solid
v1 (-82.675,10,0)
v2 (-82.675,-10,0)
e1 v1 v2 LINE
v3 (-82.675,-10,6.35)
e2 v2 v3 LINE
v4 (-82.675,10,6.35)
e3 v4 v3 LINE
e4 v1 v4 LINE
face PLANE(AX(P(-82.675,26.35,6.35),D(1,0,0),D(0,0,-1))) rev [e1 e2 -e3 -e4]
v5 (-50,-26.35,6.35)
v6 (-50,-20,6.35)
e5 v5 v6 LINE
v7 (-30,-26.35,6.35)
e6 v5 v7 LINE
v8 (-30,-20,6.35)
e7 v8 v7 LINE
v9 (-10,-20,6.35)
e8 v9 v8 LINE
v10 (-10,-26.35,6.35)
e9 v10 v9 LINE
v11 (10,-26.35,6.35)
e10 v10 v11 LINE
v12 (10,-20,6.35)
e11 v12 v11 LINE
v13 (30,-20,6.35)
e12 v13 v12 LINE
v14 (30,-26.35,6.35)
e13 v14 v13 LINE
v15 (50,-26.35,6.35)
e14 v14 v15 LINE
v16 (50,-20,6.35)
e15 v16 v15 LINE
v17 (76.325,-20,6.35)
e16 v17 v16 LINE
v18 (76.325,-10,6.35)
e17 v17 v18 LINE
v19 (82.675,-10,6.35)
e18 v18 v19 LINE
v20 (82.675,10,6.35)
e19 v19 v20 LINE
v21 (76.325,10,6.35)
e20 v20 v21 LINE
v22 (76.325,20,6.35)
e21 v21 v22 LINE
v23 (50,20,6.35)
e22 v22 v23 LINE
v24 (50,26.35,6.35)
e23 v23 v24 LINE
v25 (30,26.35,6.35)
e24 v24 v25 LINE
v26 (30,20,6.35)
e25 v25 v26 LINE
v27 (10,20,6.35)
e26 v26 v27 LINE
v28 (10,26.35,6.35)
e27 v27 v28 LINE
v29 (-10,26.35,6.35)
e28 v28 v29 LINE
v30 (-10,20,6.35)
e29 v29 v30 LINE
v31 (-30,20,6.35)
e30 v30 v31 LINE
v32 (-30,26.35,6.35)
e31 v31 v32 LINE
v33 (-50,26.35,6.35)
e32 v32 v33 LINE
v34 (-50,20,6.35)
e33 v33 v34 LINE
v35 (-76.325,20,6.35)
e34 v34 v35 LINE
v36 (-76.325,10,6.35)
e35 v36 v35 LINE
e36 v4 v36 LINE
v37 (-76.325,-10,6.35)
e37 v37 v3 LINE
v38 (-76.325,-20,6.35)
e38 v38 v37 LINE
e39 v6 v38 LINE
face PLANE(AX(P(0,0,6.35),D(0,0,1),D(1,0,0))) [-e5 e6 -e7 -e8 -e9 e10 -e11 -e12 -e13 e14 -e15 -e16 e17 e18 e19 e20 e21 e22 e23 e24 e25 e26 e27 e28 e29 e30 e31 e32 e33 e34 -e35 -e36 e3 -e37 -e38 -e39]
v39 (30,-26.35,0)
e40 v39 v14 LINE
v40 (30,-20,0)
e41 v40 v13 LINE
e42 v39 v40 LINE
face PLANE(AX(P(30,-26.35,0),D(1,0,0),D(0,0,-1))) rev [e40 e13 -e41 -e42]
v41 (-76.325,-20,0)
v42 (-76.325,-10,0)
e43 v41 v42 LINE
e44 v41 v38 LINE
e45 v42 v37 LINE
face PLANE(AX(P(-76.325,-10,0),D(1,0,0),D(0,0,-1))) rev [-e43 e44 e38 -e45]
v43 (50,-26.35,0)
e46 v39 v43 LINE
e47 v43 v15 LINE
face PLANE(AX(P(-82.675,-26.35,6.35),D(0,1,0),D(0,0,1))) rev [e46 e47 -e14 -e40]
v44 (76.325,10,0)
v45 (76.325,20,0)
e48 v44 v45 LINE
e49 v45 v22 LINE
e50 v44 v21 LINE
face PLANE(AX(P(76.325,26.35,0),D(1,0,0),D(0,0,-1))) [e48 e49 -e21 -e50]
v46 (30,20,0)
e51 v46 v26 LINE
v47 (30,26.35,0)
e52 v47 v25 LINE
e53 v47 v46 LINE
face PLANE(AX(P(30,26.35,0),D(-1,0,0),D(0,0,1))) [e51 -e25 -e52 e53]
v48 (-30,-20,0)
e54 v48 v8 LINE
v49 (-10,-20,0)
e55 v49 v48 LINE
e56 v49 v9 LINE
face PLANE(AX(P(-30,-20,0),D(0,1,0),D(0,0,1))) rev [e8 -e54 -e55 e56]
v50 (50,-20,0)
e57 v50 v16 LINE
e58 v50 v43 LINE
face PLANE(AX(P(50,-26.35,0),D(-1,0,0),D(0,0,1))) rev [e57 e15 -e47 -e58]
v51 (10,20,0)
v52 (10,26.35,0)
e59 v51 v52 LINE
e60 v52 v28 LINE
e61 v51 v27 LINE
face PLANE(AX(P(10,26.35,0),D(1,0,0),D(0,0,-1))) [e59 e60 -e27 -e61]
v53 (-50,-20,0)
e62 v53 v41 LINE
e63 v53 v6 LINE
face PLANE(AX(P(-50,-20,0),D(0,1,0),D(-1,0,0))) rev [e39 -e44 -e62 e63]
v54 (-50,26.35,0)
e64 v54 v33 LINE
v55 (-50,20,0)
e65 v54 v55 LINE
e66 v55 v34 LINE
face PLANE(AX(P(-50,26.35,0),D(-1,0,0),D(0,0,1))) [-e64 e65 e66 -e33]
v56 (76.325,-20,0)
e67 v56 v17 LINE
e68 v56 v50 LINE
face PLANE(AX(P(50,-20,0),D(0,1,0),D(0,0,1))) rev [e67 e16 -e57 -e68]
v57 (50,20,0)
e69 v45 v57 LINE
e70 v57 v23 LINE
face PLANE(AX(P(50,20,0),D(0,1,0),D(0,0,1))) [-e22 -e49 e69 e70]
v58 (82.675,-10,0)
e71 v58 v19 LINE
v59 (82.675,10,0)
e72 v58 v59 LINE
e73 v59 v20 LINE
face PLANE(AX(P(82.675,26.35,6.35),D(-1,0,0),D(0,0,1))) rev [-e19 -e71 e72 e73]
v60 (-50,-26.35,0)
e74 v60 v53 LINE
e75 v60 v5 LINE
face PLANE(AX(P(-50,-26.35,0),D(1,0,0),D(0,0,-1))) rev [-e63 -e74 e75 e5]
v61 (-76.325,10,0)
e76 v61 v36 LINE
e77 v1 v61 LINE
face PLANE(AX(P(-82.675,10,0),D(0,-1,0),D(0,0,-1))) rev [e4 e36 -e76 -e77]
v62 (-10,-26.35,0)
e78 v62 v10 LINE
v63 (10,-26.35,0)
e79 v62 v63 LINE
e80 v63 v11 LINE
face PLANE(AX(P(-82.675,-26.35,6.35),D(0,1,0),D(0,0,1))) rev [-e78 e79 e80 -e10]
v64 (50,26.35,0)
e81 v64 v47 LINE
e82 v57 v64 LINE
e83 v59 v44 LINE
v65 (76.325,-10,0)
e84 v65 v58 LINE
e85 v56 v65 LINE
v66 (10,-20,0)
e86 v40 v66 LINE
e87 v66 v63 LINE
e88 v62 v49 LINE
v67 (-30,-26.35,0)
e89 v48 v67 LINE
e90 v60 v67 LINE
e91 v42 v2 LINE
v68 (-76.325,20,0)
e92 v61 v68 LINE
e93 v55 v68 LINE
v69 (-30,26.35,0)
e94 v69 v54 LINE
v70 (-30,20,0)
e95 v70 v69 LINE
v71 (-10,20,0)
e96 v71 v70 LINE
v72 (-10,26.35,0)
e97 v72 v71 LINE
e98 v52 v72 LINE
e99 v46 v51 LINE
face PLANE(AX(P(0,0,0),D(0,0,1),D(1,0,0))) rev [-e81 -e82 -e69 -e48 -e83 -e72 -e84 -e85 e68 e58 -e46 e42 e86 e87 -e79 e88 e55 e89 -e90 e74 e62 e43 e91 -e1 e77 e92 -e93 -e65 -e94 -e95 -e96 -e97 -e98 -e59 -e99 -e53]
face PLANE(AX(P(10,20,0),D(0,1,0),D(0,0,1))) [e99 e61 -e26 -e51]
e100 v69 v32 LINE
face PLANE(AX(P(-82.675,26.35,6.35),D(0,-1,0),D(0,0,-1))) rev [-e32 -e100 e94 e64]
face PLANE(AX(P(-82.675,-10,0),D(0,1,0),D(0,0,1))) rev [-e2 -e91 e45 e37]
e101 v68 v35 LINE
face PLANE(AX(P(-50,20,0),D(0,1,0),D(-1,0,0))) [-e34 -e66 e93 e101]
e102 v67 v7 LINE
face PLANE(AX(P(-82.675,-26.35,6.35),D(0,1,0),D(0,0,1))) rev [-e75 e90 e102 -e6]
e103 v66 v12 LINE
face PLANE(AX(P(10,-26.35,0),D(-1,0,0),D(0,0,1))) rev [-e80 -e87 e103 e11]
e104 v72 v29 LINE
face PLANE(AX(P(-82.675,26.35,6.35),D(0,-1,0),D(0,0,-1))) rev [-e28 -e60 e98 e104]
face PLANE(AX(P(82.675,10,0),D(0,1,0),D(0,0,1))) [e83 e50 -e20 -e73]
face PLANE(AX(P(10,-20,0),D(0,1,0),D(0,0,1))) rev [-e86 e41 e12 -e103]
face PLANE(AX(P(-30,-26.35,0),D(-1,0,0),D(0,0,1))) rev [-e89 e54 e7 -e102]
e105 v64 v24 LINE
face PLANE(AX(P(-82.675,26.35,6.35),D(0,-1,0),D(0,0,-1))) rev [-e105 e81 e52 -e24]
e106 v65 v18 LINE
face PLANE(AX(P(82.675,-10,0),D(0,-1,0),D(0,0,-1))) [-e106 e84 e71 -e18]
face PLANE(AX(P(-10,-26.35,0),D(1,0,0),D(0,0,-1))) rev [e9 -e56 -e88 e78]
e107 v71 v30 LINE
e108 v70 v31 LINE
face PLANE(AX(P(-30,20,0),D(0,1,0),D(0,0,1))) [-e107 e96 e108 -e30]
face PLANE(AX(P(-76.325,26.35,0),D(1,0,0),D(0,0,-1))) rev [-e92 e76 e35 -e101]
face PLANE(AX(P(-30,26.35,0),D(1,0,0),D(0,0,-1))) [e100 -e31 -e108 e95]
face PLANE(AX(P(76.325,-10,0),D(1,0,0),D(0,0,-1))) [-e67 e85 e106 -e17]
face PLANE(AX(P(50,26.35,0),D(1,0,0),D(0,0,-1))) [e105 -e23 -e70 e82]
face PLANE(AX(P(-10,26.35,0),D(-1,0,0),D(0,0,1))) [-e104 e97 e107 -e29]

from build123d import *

# Parameters (mm, degrees)
ESQUISSE1_W             = 165.35
ESQUISSE1_H             = 52.7
BOSS_EXTRU_1_DEPTH      = 6.35
ESQUISSE3_W             = 6.35
ESQUISSE3_H             = 16.35
ENL_V_MAT_EXTRU_1_DEPTH = 88.004601171
ESQUISSE5_W             = 20
ESQUISSE5_H             = 6.35
ESQUISSE5_W_2           = 26.325
ENL_V_MAT_EXTRU_2_DEPTH = 88.004601171


with BuildPart() as part:
    # Esquisse1 → Boss.-Extru.1 (new body)
    with BuildSketch(Plane.XY):
        Rectangle(ESQUISSE1_W, ESQUISSE1_H)
    extrude(amount=BOSS_EXTRU_1_DEPTH)

    # Esquisse3 → Enlèv. mat.-Extru.1 (cut, through all)
    with BuildSketch(Plane.XY.offset(6.35)):
        with Locations((-79.5, -18.175)):
            Rectangle(ESQUISSE3_W, ESQUISSE3_H)
        with Locations((-79.5, 18.175)):
            Rectangle(ESQUISSE3_W, ESQUISSE3_H)
    enl_v_mat_extru_1 = extrude(amount=-ENL_V_MAT_EXTRU_1_DEPTH, mode=Mode.SUBTRACT)

    # Symétrie1: Enlèv. mat.-Extru.1 across plane
    add(enl_v_mat_extru_1.mirror(Plane(origin=(0, 0, 0), x_dir=(0, 0, 1), z_dir=(1, 0, 0))), mode=Mode.SUBTRACT)

    # Esquisse5 → Enlèv. mat.-Extru.2 (cut, through all)
    with BuildSketch(Plane.XY.offset(6.35)):
        with Locations((-20, -23.175)):
            Rectangle(ESQUISSE5_W, ESQUISSE5_H)
        with Locations((20, -23.175)):
            Rectangle(ESQUISSE5_W, ESQUISSE5_H)
        with Locations((63.1625, -23.175)):
            Rectangle(ESQUISSE5_W_2, ESQUISSE5_H)
        with Locations((-63.1625, -23.175)):
            Rectangle(ESQUISSE5_W_2, ESQUISSE5_H)
    enl_v_mat_extru_2 = extrude(amount=-ENL_V_MAT_EXTRU_2_DEPTH, mode=Mode.SUBTRACT)

    # Symétrie2: Enlèv. mat.-Extru.2 across plane
    add(enl_v_mat_extru_2.mirror(Plane.ZX), mode=Mode.SUBTRACT)


solid = part.part
